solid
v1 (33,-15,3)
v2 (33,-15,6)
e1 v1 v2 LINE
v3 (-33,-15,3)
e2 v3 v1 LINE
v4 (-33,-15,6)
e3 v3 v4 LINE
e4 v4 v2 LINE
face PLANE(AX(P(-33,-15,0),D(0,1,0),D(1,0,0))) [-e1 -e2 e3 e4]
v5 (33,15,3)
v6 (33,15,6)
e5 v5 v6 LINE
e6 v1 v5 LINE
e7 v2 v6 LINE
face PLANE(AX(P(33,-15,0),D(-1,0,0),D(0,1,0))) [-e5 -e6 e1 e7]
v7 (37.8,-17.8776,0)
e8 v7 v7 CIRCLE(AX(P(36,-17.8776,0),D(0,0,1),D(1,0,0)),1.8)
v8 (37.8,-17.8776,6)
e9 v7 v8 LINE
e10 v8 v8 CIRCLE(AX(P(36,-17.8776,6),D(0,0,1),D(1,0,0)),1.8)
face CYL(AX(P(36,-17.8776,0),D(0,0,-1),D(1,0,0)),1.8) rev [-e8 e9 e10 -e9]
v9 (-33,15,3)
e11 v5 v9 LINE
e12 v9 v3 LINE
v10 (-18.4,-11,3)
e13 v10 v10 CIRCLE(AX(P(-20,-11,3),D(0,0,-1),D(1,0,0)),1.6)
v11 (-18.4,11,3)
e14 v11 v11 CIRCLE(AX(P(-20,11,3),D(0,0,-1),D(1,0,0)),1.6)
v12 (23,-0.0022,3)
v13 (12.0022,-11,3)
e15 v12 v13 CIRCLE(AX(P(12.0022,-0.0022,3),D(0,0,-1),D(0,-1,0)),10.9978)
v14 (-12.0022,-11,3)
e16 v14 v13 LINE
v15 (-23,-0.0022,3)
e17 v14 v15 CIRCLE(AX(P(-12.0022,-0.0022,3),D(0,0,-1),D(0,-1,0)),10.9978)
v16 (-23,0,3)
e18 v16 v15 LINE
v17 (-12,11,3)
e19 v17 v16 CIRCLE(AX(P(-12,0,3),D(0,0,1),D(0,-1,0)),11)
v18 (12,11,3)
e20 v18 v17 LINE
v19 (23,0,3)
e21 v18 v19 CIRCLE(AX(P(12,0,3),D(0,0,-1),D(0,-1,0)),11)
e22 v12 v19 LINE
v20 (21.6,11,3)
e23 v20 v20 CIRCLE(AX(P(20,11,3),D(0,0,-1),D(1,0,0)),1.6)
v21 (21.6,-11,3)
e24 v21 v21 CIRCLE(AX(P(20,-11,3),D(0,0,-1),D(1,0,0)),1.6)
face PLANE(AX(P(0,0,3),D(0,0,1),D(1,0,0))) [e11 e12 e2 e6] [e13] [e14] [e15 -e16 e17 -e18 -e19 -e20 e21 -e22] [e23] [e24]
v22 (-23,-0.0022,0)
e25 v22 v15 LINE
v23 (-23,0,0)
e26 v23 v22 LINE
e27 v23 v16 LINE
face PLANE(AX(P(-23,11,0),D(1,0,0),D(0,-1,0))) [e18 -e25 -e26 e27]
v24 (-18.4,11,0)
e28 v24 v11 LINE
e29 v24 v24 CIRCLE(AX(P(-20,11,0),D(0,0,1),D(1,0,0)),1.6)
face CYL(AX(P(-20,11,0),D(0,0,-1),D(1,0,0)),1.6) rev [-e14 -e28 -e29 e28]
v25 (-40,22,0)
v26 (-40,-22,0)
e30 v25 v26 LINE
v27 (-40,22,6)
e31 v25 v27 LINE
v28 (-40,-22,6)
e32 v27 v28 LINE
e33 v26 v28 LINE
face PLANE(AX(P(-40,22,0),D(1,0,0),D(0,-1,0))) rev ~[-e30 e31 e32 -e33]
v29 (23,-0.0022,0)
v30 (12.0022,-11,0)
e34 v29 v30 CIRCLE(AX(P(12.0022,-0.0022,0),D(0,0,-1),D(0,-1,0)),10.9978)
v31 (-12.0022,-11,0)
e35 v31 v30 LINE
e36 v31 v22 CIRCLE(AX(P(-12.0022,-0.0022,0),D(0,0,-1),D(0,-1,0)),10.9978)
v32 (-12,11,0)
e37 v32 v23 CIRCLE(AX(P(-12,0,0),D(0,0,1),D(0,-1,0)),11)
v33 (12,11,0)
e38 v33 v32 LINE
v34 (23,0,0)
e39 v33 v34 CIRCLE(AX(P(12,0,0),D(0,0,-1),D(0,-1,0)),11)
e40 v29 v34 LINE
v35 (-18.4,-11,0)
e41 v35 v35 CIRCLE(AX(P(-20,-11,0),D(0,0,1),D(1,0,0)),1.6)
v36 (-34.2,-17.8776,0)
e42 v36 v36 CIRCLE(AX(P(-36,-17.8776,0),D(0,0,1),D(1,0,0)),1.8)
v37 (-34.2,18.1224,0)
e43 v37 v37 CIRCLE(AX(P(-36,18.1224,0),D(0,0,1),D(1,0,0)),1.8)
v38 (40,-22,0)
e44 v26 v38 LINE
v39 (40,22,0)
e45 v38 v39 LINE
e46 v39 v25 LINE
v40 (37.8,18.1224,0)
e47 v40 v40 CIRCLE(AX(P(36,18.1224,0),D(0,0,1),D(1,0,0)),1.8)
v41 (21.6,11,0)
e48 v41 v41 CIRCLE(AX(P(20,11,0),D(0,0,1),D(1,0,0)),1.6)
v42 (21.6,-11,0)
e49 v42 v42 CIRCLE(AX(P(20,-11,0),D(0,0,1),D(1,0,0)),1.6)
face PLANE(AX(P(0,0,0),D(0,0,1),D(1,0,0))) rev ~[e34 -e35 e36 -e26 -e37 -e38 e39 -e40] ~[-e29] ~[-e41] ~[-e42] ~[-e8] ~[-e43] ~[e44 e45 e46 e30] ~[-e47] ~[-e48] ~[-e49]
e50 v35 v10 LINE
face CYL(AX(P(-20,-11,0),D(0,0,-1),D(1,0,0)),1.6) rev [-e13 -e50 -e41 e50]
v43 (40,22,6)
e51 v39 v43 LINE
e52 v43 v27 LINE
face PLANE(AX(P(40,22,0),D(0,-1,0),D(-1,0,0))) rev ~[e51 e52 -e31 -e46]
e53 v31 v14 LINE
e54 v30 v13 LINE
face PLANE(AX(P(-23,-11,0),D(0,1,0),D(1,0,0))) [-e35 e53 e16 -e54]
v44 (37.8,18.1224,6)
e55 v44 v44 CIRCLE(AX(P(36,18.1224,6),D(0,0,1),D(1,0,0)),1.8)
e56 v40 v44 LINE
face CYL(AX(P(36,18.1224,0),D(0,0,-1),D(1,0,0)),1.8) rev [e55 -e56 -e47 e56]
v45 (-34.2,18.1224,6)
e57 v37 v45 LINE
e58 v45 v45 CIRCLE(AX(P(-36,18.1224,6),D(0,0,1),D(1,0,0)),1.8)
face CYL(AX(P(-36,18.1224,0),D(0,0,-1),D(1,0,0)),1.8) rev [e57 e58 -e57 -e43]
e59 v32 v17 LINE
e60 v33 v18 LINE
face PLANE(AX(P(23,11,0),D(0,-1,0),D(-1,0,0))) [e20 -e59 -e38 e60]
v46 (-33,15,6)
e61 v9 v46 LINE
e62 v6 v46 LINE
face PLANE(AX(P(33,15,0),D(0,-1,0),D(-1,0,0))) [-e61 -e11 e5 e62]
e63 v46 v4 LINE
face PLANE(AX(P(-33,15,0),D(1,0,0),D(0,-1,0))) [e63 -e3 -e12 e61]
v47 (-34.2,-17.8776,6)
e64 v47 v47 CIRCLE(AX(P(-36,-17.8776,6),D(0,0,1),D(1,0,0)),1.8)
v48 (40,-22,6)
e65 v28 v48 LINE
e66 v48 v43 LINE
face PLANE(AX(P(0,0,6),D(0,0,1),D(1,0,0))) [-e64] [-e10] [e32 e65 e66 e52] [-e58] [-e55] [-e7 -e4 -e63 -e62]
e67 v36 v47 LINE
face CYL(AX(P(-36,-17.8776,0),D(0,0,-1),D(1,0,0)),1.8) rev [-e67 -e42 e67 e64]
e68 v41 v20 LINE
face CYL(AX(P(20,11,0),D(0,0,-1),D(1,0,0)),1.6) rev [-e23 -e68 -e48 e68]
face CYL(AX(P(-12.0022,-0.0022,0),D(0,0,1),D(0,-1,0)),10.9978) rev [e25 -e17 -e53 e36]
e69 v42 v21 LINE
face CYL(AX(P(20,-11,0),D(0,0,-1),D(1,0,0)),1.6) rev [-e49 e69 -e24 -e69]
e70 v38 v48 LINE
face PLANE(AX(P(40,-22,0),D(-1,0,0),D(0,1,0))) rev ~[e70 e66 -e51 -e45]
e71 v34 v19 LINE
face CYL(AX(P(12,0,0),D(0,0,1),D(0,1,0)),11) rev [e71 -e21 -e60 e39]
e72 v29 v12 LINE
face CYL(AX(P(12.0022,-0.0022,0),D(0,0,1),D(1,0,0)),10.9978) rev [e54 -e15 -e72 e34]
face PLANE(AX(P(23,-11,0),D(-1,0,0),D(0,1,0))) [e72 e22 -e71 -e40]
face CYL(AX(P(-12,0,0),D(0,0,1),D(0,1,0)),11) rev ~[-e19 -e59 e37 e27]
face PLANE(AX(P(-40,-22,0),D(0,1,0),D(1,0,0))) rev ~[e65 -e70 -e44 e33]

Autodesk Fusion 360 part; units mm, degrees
sketch "Sketch1" plane through (0, 0, 0) normal (0, 0, 1) x (1, 0, 0)
  line L0 (40, 22) -> (-40, 22)
  line L1 (-40, 22) -> (-40, -22)
  line L2 (-40, -22) -> (40, -22)
  line L3 (40, -22) -> (40, 22)
  line L4 (40, 22) -> (-40, -22) construction
  line L5 (-40, 22) -> (40, -22) construction
  line L6 (33, 15) -> (-33, 15)
  line L7 (-33, 15) -> (-33, -15)
  line L8 (-33, -15) -> (33, -15)
  line L9 (33, -15) -> (33, 15)
  line L10 (33, 15) -> (-33, -15) construction
  line L11 (-33, 15) -> (33, -15) construction
  line L12 (23, 11) -> (-23, 11)
  line L13 (-23, 11) -> (-23, -11)
  line L14 (-23, -11) -> (23, -11)
  line L15 (23, -11) -> (23, 11)
  line L16 (23, 11) -> (-23, -11) construction
  line L17 (-23, 11) -> (23, -11) construction
  line L18 (-40, 18.1224) -> (40, 18.1224) construction
  line L19 (-40, -17.8776) -> (40, -17.8776) construction
  line L20 (-36, 22) -> (-36, -22) construction
  line L21 (36, 22) -> (36, -22) construction
  circle A0 centre (-36, 18.1224) radius 1.8
  circle A1 centre (36, 18.1224) radius 1.8
  circle A2 centre (-36, -17.8776) radius 1.8
  circle A3 centre (36, -17.8776) radius 1.8
  line L22 (-20, 22) -> (-20, -22) construction
  line L23 (0, 22) -> (0, -22) construction
  line L24 (20, 22) -> (20, -22) construction
  dimension "d1" = 80
  dimension "d2" = 44
  dimension "d3" = 66
  dimension "d4" = 30
  dimension "d5" = 46
  dimension "d6" = 22
  dimension "d7" = 36
  dimension "d8" = 72
  dimension "d9" = 4
  dimension "d10" = 3.6
  dimension "d11" = 3.6
  dimension "d12" = 3.6
  dimension "d13" = 3.6
  dimension "d14" = 16
sketch "Sketch2" plane through (0, 0, 0) normal (0, 0, 1) x (1, 0, 0)
extrude "Extrude1" add sketch "Sketch1" along normal blind 3 contours L6 L7 L8 L9
extrude "Extrude2" add sketch "Sketch1" along normal blind 6 contours L0 L1 L2 L3
fillet "Fillet1" radius 11 1 edges at (-23, 11, 1.5)
fillet "Fillet2" radius 11 1 edges at (23, 11, 1.5)
fillet "Fillet3" radius 11 1 edges at (23, -11, 1.5)
fillet "Fillet4" radius 11 1 edges at (-23, -11, 1.5)
sketch "Sketch3" plane through (0, 0, 0) normal (0, 0, 1) x (1, 0, 0)
  circle A0 centre (-20, 11) radius 1.6
  circle A1 centre (-20, -11) radius 1.6
  line L0 (0, 22) -> (0, -22)
  circle A2 centre (20, 11) radius 1.6
  circle A3 centre (20, -11) radius 1.6
  dimension "d29" = 3.2
  dimension "d30" = 3.2
extrude "Extrude3" cut sketch "Sketch3" along normal blind 12 contours A3
extrude "Extrude4" cut sketch "Sketch3" along normal blind 6 contours A2
extrude "Extrude5" cut sketch "Sketch3" along normal blind 8 contours A1
extrude "Extrude6" cut sketch "Sketch3" along normal blind 8 contours A0
